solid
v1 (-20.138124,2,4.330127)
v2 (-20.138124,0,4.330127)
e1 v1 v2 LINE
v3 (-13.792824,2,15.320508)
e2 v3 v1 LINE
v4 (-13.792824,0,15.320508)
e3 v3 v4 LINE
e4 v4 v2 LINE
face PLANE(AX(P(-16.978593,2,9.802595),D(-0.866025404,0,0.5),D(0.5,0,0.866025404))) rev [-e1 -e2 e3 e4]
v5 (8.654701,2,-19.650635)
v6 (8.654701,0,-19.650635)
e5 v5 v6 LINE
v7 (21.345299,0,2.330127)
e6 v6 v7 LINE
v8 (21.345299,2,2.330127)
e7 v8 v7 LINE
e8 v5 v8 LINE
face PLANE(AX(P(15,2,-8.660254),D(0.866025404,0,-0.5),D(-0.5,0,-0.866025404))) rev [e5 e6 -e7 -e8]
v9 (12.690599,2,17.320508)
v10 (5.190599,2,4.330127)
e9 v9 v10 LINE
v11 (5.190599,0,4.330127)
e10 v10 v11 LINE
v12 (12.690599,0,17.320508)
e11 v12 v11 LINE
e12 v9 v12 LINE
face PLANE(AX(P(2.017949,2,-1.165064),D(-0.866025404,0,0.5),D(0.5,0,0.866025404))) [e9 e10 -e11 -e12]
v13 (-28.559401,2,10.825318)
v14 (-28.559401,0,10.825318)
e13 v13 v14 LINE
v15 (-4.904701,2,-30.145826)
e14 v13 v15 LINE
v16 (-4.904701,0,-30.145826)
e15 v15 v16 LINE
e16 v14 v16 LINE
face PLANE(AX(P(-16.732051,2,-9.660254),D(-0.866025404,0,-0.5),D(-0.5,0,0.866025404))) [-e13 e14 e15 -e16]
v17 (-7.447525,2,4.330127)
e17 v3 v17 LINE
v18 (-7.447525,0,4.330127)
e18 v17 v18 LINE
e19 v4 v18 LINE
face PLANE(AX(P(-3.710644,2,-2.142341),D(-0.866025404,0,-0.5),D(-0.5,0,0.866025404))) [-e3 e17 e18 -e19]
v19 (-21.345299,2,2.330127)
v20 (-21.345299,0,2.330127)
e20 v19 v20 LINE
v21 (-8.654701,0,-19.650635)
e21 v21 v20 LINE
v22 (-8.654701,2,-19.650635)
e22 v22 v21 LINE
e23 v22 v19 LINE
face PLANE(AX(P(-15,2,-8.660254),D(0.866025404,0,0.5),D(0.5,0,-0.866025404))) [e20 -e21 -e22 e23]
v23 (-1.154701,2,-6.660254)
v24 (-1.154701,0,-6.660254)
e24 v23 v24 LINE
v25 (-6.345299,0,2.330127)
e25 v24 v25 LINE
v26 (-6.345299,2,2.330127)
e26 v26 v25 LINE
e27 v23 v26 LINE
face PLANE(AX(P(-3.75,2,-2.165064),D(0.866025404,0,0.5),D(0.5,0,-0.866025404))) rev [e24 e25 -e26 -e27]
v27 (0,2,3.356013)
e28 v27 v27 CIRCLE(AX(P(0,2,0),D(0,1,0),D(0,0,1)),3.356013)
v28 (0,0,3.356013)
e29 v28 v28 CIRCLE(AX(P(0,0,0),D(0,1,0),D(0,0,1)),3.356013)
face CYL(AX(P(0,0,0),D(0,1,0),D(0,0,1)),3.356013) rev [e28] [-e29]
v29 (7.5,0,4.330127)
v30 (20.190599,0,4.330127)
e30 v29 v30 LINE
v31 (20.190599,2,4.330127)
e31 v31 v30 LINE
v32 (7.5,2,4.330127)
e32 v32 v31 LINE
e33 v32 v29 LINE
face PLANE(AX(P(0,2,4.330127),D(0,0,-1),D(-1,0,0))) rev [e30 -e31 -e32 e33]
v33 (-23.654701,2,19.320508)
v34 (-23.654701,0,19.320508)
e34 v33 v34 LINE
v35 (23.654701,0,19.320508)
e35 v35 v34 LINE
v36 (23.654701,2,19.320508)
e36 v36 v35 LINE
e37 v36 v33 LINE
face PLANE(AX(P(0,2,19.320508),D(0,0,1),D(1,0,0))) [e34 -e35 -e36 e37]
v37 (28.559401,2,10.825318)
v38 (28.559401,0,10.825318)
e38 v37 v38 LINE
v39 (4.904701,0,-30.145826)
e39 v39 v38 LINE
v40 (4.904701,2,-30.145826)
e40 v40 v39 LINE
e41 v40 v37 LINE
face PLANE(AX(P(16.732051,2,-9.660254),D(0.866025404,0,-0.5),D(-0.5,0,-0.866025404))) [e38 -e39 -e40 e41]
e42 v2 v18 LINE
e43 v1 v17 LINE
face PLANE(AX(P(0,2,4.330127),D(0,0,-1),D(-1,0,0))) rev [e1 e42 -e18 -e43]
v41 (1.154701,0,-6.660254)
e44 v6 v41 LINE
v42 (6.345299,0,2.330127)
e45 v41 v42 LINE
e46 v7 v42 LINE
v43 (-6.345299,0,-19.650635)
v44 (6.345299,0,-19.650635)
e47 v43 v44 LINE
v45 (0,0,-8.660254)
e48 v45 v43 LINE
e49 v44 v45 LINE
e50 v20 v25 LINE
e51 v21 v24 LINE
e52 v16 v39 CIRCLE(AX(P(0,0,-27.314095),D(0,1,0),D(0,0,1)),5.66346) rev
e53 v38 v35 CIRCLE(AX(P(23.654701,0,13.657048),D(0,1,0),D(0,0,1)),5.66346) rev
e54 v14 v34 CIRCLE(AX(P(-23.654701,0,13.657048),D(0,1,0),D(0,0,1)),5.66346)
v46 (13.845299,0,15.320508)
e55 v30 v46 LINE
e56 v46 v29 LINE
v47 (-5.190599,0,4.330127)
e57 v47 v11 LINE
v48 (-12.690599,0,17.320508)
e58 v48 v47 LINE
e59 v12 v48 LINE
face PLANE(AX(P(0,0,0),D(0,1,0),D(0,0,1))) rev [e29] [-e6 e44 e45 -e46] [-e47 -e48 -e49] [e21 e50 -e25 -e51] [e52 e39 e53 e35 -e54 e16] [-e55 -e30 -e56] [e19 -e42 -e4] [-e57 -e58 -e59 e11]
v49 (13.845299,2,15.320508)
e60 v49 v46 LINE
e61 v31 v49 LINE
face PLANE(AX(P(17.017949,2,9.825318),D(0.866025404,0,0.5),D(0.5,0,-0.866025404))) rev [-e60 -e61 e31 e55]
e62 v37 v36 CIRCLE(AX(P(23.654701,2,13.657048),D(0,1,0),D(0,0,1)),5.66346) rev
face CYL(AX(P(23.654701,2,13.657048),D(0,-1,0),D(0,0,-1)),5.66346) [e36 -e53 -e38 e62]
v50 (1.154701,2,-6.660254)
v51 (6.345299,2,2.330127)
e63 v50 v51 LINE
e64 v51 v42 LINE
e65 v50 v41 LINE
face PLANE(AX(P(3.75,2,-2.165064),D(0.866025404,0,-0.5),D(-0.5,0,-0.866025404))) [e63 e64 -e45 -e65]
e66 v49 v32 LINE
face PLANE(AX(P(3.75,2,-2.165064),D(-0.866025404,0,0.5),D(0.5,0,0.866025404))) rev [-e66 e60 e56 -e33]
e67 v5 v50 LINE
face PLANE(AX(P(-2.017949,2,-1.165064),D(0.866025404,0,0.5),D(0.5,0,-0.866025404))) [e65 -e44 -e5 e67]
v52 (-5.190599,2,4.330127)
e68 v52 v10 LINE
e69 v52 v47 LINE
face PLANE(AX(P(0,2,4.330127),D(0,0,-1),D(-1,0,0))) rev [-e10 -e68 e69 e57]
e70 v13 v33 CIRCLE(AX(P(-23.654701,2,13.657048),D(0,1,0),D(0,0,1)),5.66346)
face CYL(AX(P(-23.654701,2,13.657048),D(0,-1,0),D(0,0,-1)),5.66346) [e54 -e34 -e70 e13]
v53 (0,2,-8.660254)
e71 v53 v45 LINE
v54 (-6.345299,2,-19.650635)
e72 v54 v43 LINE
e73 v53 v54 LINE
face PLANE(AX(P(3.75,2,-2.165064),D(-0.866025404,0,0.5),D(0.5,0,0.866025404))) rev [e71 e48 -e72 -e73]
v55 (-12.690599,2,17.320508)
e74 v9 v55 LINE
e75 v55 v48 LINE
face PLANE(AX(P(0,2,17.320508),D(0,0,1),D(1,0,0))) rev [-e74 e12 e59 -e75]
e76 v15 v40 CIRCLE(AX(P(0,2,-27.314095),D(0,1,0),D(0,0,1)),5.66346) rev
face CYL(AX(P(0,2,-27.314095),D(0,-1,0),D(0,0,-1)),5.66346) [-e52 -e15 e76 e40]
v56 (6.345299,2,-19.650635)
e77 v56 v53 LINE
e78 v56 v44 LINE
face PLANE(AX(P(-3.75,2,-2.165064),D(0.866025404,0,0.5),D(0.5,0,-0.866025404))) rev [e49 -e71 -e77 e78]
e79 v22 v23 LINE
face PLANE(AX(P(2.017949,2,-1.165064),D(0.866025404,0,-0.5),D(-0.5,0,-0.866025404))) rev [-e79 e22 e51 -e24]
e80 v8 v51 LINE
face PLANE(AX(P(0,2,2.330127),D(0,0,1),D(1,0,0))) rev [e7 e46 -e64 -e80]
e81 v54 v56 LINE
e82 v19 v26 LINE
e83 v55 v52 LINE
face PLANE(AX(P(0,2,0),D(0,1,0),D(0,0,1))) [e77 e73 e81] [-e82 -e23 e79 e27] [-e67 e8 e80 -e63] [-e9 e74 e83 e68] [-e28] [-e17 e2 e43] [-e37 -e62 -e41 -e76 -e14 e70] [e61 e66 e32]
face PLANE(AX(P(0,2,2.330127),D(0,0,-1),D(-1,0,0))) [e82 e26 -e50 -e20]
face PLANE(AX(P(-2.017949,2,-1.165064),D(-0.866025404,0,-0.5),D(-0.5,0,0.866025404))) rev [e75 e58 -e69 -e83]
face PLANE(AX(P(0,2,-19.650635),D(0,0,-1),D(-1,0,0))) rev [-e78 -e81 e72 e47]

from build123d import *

# Parameters (mm, degrees)
EXTRUDE_17_DEPTH     = 2
SKETCH_4_R           = 3.35601343
CUT_EXTRUDE_25_DEPTH = 45.170960421


with BuildPart() as part:
    # 草图2 → 凸台-拉伸17 (new body)
    with BuildSketch(Plane(origin=(0, 0, 0), x_dir=(1, 0, 0), z_dir=(0, 1, 0))):
        with BuildLine():
            Line((-4.904700538, 30.145825623), (-28.559401011, -10.825317434))
            ThreePointArc((-28.559401011, -10.825317434), (-28.55940111, -16.488777843), (-23.654700538, -19.320508076))
            Line((-23.654700538, -19.320508076), (23.654700538, -19.320508076))
            ThreePointArc((23.654700538, -19.320508076), (28.559401192, -16.4887777), (28.559400847, -10.825317149))
            Line((28.559400847, -10.825317149), (4.904700538, 30.145825623))
            ThreePointArc((4.904700538, 30.145825623), (0, 32.977555799), (-4.904700538, 30.145825623))
        make_face()
        Polygon((-7.447524928, -4.330127019), (-13.79282439, -15.320508076), (-20.138123851, -4.330127019), align=None, mode=Mode.SUBTRACT)
        Polygon((5.190598923, -4.330127019), (12.690598923, -17.320508076), (-12.690598923, -17.320508076), (-5.190598923, -4.330127019), align=None, mode=Mode.SUBTRACT)
        Polygon((7.5, -4.330127019), (20.190598923, -4.330127019), (13.845299462, -15.320508076), align=None, mode=Mode.SUBTRACT)
        Polygon((-6.345299462, -2.330127019), (-21.345299462, -2.330127019), (-8.654700538, 19.650635095), (-1.154700538, 6.660254038), align=None, mode=Mode.SUBTRACT)
        Polygon((0, 8.660254038), (-6.345299462, 19.650635095), (6.345299462, 19.650635095), align=None, mode=Mode.SUBTRACT)
        Polygon((1.154700538, 6.660254038), (8.654700538, 19.650635095), (8.930688533, 19.172609866), (21.345299462, -2.330127019), (6.345299461, -2.330127019), align=None, mode=Mode.SUBTRACT)
    extrude(amount=EXTRUDE_17_DEPTH)

    # 草图4 → 切除-拉伸25 (cut, through all)
    with BuildSketch(Plane(origin=(0, 2, 0), x_dir=(1, 0, 0), z_dir=(0, 1, 0))):
        with Locations(Location((0, 0, 0), (0, 0, 270))):
            Circle(SKETCH_4_R)
    extrude(amount=-CUT_EXTRUDE_25_DEPTH, mode=Mode.SUBTRACT)


solid = part.part
